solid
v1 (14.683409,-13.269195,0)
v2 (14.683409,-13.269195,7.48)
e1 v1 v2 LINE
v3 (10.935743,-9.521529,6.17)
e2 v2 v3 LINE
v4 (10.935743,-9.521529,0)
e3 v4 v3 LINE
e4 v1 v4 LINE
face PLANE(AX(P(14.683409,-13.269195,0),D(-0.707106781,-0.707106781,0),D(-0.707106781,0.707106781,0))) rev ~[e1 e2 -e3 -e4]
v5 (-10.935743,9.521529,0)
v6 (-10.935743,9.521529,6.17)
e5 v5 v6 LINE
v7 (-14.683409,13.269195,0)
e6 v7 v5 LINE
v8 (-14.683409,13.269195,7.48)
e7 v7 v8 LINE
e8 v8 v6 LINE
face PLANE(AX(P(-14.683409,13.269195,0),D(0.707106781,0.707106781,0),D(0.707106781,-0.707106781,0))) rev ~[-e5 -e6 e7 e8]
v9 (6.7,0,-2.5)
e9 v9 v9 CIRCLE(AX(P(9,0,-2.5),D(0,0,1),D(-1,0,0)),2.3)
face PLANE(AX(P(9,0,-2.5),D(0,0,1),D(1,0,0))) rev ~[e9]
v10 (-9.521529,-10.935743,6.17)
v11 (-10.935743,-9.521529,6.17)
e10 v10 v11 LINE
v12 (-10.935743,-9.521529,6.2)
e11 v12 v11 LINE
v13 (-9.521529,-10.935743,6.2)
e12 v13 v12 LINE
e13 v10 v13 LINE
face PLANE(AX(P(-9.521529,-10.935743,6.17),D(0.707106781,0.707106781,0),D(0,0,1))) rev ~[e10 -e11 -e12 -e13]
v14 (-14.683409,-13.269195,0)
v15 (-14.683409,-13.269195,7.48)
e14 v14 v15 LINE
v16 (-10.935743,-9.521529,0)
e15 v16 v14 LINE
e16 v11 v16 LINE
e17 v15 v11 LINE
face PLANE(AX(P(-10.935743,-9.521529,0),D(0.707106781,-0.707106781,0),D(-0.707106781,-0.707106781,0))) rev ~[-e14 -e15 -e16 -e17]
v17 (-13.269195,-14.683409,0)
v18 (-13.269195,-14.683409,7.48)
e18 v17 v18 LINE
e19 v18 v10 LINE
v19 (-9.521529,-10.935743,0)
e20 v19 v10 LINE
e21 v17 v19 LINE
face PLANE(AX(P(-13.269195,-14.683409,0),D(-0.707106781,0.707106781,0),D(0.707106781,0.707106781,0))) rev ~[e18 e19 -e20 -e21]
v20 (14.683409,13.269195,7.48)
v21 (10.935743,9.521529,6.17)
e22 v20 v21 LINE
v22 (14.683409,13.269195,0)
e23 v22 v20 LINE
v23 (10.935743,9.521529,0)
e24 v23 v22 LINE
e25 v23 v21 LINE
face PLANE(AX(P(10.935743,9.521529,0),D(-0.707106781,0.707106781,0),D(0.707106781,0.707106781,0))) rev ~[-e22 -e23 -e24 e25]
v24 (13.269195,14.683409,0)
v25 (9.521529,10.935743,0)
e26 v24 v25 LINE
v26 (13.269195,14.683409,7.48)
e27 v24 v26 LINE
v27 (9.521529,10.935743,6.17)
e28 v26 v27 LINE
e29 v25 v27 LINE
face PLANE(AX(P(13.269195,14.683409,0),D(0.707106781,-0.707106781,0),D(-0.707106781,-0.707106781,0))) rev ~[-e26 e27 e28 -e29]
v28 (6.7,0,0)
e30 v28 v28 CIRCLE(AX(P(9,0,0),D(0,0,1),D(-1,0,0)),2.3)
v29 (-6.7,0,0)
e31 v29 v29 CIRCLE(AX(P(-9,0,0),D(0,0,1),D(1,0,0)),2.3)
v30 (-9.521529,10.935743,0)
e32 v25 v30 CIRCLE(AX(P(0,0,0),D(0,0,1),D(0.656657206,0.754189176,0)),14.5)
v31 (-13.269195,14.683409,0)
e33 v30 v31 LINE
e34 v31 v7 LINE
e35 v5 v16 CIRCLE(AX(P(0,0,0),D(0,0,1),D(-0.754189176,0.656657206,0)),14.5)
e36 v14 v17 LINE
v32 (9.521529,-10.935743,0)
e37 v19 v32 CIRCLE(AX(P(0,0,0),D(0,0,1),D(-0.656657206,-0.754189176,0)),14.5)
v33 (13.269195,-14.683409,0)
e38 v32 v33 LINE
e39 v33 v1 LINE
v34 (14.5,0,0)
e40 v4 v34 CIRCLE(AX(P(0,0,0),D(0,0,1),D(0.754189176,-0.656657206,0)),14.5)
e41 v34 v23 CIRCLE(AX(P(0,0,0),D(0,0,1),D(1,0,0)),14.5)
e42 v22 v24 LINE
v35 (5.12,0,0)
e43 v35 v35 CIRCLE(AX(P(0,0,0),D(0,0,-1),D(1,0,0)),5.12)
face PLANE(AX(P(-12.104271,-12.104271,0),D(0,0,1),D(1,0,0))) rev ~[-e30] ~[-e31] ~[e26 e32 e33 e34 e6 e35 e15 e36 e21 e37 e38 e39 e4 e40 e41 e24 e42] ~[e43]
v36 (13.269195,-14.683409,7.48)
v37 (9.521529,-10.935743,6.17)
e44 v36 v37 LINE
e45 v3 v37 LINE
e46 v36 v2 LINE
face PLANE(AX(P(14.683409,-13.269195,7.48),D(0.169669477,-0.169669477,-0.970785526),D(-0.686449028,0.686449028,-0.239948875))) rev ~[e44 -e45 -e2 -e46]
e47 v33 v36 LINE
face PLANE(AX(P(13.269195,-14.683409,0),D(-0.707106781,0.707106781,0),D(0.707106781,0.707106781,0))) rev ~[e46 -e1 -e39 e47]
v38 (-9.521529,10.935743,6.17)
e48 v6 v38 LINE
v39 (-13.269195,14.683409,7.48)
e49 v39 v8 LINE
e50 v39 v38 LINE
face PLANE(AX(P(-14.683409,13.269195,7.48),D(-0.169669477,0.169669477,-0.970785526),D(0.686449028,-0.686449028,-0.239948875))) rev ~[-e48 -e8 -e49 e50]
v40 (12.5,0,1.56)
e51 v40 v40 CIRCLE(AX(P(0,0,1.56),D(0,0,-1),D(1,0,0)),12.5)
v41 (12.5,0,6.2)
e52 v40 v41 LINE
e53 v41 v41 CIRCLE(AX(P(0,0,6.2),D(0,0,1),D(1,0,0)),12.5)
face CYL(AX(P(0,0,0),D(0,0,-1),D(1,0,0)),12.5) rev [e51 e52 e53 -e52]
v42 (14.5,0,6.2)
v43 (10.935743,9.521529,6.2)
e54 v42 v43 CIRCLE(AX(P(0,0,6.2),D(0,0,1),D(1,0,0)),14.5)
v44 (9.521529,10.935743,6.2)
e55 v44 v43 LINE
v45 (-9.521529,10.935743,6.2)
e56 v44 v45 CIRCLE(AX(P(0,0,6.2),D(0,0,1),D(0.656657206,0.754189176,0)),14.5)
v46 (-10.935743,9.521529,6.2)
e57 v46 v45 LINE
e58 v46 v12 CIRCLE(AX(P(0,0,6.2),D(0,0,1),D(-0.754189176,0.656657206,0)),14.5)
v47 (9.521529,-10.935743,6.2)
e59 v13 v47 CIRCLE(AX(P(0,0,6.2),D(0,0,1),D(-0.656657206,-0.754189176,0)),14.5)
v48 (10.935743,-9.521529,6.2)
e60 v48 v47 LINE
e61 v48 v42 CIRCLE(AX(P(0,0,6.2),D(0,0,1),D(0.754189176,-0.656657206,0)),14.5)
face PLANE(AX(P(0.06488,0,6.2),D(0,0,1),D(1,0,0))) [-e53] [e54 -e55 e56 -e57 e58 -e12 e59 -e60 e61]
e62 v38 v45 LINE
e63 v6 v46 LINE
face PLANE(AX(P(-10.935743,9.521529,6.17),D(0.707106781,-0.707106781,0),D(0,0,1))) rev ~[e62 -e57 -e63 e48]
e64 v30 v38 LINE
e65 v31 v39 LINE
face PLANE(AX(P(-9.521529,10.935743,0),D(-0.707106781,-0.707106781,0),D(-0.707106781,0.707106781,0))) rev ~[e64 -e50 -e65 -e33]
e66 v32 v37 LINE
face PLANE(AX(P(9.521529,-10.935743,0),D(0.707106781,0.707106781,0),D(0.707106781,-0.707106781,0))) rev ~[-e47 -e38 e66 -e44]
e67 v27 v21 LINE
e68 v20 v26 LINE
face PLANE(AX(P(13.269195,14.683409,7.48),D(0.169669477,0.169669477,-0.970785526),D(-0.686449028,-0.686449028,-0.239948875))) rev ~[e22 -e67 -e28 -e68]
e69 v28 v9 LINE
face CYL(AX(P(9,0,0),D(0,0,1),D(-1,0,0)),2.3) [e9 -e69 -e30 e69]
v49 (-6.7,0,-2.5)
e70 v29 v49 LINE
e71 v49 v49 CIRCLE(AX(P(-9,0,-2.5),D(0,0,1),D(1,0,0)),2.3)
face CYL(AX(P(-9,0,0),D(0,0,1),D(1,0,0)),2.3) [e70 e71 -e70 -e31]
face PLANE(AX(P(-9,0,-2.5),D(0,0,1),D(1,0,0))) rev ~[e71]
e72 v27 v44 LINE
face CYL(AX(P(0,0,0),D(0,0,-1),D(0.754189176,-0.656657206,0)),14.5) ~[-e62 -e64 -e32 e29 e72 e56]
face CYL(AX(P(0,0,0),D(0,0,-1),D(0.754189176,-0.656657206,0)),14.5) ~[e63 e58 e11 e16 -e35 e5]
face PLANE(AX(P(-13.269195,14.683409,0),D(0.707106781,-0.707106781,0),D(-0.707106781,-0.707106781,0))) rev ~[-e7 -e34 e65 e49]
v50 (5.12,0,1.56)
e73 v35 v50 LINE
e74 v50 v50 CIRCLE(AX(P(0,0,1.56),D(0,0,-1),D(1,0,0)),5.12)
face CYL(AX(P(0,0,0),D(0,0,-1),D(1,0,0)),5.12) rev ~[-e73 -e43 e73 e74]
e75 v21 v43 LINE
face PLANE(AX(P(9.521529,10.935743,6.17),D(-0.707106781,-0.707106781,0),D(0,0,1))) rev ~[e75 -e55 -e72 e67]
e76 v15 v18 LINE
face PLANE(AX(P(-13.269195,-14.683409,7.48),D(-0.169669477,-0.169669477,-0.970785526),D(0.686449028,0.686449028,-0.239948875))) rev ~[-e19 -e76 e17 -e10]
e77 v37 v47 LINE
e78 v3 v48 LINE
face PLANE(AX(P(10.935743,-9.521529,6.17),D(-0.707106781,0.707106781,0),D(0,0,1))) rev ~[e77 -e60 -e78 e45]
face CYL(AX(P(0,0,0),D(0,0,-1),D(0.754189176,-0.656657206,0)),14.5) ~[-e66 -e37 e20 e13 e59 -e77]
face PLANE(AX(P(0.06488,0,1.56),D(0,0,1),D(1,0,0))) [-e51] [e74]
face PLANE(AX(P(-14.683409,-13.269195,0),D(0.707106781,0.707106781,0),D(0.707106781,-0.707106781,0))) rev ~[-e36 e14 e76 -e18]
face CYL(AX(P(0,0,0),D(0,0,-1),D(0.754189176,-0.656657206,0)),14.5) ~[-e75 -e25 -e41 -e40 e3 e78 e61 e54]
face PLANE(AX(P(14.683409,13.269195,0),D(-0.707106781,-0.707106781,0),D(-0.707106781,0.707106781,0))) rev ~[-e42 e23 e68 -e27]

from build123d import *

# Parameters (mm, degrees)
F0_R     = 12.5
F0_R_2   = 2.3
F1_DEPTH = 1.56
F2_DEPTH = 6.2
F3_DEPTH = 7.48
F4_DEPTH = 2.5
F6_DEPTH = 5
F7_COUNT = 4


with BuildPart() as f1:
    # F0 (on Top) → F1 (new body)
    with BuildSketch(Plane.XY):
        with BuildLine():
            ThreePointArc((10.9357430539, -9.5215294916), (13.5797325872, -5.083390882), (14.5, 0))
            ThreePointArc((14.5, 0), (13.5797325872, 5.083390882), (10.9357430539, 9.5215294916))
            ThreePointArc((10.9357430539, 9.5215294916), (10.2530483272, 10.2530483272), (9.5215294916, 10.9357430539))
            ThreePointArc((9.5215294916, 10.9357430539), (0, 14.5), (-9.5215294916, 10.9357430539))
            ThreePointArc((-9.5215294916, 10.9357430539), (-10.2530483272, 10.2530483272), (-10.9357430539, 9.5215294916))
            ThreePointArc((-10.9357430539, 9.5215294916), (-14.5, 0), (-10.9357430539, -9.5215294916))
            ThreePointArc((-10.9357430539, -9.5215294916), (-10.2530483272, -10.2530483272), (-9.5215294916, -10.9357430539))
            ThreePointArc((-9.5215294916, -10.9357430539), (0, -14.5), (9.5215294916, -10.9357430539))
            ThreePointArc((9.5215294916, -10.9357430539), (10.2530483272, -10.2530483272), (10.9357430539, -9.5215294916))
        make_face()
        Circle(F0_R, mode=Mode.SUBTRACT)
        Circle(F0_R)
        with Locations((-9, 0)):
            Circle(F0_R_2, mode=Mode.SUBTRACT)
        with BuildLine():
            ThreePointArc((-5.12, 0), (0, 5.12), (5.12, 0))
            ThreePointArc((5.12, 0), (0, -5.12), (-5.12, 0))
        make_face(mode=Mode.SUBTRACT)
        with BuildLine():
            ThreePointArc((11.3, 0), (9, -2.3), (6.7, 0))
            ThreePointArc((6.7, 0), (9, 2.3), (11.3, 0))
        make_face(mode=Mode.SUBTRACT)
        with Locations((-9, 0)):
            Circle(F0_R_2)
        with BuildLine():
            ThreePointArc((11.3, 0), (9, 2.3), (6.7, 0))
            ThreePointArc((6.7, 0), (9, -2.3), (11.3, 0))
        make_face()
    extrude(amount=F1_DEPTH)

    # F0 (on Top) → F2 (join)
    with BuildSketch(Plane.XY):
        with BuildLine():
            ThreePointArc((10.9357430539, -9.5215294916), (13.5797325872, -5.083390882), (14.5, 0))
            ThreePointArc((14.5, 0), (13.5797325872, 5.083390882), (10.9357430539, 9.5215294916))
            ThreePointArc((10.9357430539, 9.5215294916), (10.2530483272, 10.2530483272), (9.5215294916, 10.9357430539))
            ThreePointArc((9.5215294916, 10.9357430539), (0, 14.5), (-9.5215294916, 10.9357430539))
            ThreePointArc((-9.5215294916, 10.9357430539), (-10.2530483272, 10.2530483272), (-10.9357430539, 9.5215294916))
            ThreePointArc((-10.9357430539, 9.5215294916), (-14.5, 0), (-10.9357430539, -9.5215294916))
            ThreePointArc((-10.9357430539, -9.5215294916), (-10.2530483272, -10.2530483272), (-9.5215294916, -10.9357430539))
            ThreePointArc((-9.5215294916, -10.9357430539), (0, -14.5), (9.5215294916, -10.9357430539))
            ThreePointArc((9.5215294916, -10.9357430539), (10.2530483272, -10.2530483272), (10.9357430539, -9.5215294916))
        make_face()
        Circle(F0_R, mode=Mode.SUBTRACT)
    extrude(amount=F2_DEPTH)

    # F0 (on Top) → F3 (join)
    with BuildSketch(Plane.XY):
        with BuildLine():
            Line((-13.2691954318, -14.6834089942), (-9.5215294916, -10.9357430539))
            ThreePointArc((-9.5215294916, -10.9357430539), (-10.2530483272, -10.2530483272), (-10.9357430539, -9.5215294916))
            Line((-10.9357430539, -9.5215294916), (-14.6834089942, -13.2691954318))
            Line((-14.6834089942, -13.2691954318), (-13.2691954318, -14.6834089942))
        make_face()
        with BuildLine():
            ThreePointArc((-10.9357430539, 9.5215294916), (-10.2530483272, 10.2530483272), (-9.5215294916, 10.9357430539))
            Line((-9.5215294916, 10.9357430539), (-13.2691954318, 14.6834089942))
            Line((-13.2691954318, 14.6834089942), (-14.6834089942, 13.2691954318))
            Line((-14.6834089942, 13.2691954318), (-10.9357430539, 9.5215294916))
        make_face()
        with BuildLine():
            ThreePointArc((9.5215294916, 10.9357430539), (10.2530483272, 10.2530483272), (10.9357430539, 9.5215294916))
            Line((10.9357430539, 9.5215294916), (14.6834089942, 13.2691954318))
            Line((14.6834089942, 13.2691954318), (13.2691954318, 14.6834089942))
            Line((13.2691954318, 14.6834089942), (9.5215294916, 10.9357430539))
        make_face()
        with BuildLine():
            Line((14.6834089942, -13.2691954318), (10.9357430539, -9.5215294916))
            ThreePointArc((10.9357430539, -9.5215294916), (10.2530483272, -10.2530483272), (9.5215294916, -10.9357430539))
            Line((9.5215294916, -10.9357430539), (13.2691954318, -14.6834089942))
            Line((13.2691954318, -14.6834089942), (14.6834089942, -13.2691954318))
        make_face()
    extrude(amount=F3_DEPTH)

    # F0 (on Top) → F4 (join)
    with BuildSketch(Plane.XY):
        with Locations((-9, 0)):
            Circle(F0_R_2)
        with BuildLine():
            ThreePointArc((11.3, 0), (9, 2.3), (6.7, 0))
            ThreePointArc((6.7, 0), (9, -2.3), (11.3, 0))
        make_face()
    extrude(amount=-F4_DEPTH)

    # F7: F6 ×4 about axis
    f7_axis = Axis((0, 0, 6.2), (0, 0, 1))


with BuildPart() as f6:
    # F5 (on face) → F6 (new body)
    with BuildSketch(Plane(origin=(0.7071067812, -0.7071067812, 0), x_dir=(0.7071067812, 0.7071067812, 0), z_dir=(0.7071067812, -0.7071067812, 0))):
        Polygon((-14.4654761415, 7.48), (-19.7654761415, 7.48), (-14.4654761415, 6.17), (-14.4654761415, 6.2), align=None)
    extrude(amount=-F6_DEPTH)


with BuildPart() as f1_1:
    add(f1.part)
    for i in range(1, F7_COUNT):
        add(f6.part.rotate(f7_axis, i * 360 / F7_COUNT), mode=Mode.SUBTRACT)

    # F7#seed: cut F6
    add(f6.part, mode=Mode.SUBTRACT)


solid = f1_1.part
